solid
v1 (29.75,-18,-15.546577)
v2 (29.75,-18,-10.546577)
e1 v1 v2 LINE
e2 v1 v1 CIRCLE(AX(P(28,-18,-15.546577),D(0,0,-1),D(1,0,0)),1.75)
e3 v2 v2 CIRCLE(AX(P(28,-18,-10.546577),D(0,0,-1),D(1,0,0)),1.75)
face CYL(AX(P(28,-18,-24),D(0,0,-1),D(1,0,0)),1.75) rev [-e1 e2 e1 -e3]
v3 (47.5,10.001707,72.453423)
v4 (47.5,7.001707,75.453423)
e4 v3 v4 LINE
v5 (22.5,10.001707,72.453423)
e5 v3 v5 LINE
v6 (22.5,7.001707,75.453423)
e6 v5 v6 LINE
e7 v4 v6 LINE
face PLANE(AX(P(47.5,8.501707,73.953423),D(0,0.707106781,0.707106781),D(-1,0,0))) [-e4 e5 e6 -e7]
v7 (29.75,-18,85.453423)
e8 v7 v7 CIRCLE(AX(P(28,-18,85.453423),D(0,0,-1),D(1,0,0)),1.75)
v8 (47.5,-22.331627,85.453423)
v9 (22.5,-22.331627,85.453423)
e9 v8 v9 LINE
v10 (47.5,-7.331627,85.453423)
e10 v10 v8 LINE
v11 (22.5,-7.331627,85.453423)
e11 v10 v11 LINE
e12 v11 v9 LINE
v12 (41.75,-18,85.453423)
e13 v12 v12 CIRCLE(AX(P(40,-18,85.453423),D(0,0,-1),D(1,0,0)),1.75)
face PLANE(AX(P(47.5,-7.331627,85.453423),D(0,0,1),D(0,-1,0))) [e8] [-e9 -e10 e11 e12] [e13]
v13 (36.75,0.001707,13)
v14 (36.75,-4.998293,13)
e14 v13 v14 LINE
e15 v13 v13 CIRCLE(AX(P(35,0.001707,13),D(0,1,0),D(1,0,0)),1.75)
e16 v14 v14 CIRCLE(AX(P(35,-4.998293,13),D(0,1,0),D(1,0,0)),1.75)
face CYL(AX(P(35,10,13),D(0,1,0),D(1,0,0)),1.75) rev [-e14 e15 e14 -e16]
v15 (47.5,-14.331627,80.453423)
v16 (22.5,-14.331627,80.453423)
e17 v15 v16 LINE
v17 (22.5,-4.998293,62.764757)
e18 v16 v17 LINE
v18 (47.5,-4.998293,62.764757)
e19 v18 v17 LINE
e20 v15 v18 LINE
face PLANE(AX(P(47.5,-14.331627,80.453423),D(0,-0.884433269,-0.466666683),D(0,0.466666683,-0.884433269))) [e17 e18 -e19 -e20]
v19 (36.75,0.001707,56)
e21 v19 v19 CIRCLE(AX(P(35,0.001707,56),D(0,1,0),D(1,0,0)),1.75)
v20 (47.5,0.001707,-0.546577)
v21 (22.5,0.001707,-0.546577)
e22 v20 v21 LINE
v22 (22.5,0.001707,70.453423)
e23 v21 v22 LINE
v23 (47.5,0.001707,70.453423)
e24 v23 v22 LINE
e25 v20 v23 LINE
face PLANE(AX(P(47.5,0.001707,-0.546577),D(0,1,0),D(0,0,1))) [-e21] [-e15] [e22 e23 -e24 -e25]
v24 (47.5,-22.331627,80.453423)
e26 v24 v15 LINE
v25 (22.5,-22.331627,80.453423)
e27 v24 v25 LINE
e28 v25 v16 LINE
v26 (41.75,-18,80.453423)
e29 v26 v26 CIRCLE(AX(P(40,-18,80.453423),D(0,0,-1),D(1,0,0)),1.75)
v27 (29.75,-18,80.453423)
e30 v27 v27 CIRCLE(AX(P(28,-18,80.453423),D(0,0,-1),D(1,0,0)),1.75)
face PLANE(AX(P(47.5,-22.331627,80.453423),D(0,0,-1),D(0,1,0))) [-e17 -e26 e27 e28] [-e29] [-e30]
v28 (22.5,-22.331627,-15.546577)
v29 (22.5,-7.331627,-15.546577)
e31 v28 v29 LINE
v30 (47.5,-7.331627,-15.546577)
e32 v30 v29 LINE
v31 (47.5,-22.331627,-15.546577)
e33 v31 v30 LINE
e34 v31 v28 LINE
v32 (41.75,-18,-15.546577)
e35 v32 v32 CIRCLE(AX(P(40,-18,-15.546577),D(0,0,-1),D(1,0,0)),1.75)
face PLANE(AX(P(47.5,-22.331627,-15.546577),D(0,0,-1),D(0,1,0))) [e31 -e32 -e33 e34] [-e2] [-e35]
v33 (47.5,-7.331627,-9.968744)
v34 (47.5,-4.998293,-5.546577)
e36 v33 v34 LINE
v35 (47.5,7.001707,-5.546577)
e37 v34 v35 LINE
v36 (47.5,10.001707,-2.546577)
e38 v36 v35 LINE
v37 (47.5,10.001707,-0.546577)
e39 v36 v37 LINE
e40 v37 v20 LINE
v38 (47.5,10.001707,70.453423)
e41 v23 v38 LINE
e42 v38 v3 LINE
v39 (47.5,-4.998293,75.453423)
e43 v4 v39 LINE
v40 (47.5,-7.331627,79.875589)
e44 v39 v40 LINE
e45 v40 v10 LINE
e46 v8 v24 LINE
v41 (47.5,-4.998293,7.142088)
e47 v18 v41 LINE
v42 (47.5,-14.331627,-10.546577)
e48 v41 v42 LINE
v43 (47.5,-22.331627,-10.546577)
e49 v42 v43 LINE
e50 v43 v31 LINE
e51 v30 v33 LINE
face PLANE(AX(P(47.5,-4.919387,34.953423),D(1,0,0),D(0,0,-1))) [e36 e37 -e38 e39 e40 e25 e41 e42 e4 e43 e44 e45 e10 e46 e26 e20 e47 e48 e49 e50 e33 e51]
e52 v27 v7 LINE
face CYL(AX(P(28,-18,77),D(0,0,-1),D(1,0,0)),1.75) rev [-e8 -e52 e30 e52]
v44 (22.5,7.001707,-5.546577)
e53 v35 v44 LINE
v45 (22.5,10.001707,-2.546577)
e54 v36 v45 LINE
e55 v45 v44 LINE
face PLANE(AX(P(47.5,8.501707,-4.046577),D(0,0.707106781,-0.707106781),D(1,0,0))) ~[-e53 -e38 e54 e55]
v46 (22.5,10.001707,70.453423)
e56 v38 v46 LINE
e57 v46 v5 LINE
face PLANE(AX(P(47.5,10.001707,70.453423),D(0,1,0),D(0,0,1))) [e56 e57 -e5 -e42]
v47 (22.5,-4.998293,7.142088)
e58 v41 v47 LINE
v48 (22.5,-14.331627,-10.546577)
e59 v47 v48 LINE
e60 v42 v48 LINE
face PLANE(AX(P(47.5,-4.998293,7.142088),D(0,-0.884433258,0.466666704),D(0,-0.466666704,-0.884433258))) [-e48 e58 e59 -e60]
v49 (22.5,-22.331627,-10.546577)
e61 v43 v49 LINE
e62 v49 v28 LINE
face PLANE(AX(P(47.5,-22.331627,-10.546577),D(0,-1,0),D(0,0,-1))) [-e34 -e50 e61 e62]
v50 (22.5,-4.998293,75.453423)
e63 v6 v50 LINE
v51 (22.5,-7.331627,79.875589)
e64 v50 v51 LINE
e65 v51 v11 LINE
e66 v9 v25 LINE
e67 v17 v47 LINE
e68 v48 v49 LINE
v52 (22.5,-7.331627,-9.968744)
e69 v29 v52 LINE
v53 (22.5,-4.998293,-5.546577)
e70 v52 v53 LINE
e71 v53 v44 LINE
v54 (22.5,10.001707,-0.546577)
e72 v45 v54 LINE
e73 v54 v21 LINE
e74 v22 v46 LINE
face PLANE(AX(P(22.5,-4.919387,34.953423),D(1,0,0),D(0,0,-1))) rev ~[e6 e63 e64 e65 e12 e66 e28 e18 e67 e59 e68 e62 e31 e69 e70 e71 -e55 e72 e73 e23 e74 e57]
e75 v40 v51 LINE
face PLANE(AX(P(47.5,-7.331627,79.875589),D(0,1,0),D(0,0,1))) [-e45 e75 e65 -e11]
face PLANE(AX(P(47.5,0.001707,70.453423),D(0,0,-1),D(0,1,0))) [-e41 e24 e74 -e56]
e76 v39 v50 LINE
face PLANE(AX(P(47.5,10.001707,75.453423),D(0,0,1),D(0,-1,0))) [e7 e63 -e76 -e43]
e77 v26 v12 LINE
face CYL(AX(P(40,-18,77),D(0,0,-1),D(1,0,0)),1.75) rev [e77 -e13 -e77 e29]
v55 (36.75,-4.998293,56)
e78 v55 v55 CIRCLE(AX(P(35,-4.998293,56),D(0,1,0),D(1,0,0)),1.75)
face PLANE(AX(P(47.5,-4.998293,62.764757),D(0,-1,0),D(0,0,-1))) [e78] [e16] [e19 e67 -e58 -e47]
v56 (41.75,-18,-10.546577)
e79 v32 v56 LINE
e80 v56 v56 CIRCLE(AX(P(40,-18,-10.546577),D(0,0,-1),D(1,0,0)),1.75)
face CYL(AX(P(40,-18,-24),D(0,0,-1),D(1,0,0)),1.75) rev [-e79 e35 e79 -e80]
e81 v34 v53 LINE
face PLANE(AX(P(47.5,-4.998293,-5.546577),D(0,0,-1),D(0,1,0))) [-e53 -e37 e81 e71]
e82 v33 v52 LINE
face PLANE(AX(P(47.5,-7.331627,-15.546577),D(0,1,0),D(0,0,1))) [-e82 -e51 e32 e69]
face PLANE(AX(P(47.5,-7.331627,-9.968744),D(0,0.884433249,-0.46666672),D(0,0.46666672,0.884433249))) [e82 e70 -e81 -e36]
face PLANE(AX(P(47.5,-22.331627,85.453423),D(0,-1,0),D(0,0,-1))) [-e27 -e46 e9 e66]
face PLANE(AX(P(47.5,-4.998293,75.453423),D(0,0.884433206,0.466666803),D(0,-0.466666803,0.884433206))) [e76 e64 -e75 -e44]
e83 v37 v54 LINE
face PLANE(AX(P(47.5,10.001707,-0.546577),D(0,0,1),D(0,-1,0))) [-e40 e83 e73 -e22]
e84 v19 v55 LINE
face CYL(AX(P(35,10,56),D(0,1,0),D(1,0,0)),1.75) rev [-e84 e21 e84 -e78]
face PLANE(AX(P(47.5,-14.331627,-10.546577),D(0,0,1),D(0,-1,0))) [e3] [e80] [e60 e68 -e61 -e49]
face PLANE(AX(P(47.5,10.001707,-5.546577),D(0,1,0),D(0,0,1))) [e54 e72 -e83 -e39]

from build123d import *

# Parameters (mm, degrees)
CYLINDER024_R          = 1.75
CYLINDER024_DEPTH      = 20
CYLINDER023_R          = 1.75
CYLINDER023_DEPTH      = 20
CYLINDER022_R          = 1.75
CYLINDER022_DEPTH      = 20
CYLINDER021_R          = 1.75
CYLINDER021_DEPTH      = 20
CYLINDER018_R          = 1.75
CYLINDER018_DEPTH      = 20
CYLINDER018_ROLL_ANGLE = 90
CYLINDER017_R          = 1.75
CYLINDER017_DEPTH      = 20
CYLINDER017_ROLL_ANGLE = 90
PAD006_DEPTH           = 25
CHAMFER006_SIZE        = 3


with BuildPart() as cylinder059:
    # Cylinder024 → Cylinder024 (new body)
    with BuildSketch(Plane(origin=(40, -18, -24), x_dir=(1, 0, 0), z_dir=(0, 0, 1))):
        Circle(CYLINDER024_R)
    extrude(amount=CYLINDER024_DEPTH)


with BuildPart() as cylinder058:
    # Cylinder023 → Cylinder023 (new body)
    with BuildSketch(Plane(origin=(28, -18, -24), x_dir=(1, 0, 0), z_dir=(0, 0, 1))):
        Circle(CYLINDER023_R)
    extrude(amount=CYLINDER023_DEPTH)


with BuildPart() as cylinder057:
    # Cylinder022 → Cylinder022 (new body)
    with BuildSketch(Plane(origin=(40, -18, 77), x_dir=(1, 0, 0), z_dir=(0, 0, 1))):
        Circle(CYLINDER022_R)
    extrude(amount=CYLINDER022_DEPTH)


with BuildPart() as cylinder056:
    # Cylinder021 → Cylinder021 (new body)
    with BuildSketch(Plane(origin=(28, -18, 77), x_dir=(1, 0, 0), z_dir=(0, 0, 1))):
        Circle(CYLINDER021_R)
    extrude(amount=CYLINDER021_DEPTH)


with BuildPart() as cylinder053:
    # Cylinder018 → Cylinder018 (new body)
    with BuildSketch(Plane.XY):
        Circle(CYLINDER018_R)
    extrude(amount=CYLINDER018_DEPTH)


with BuildPart() as cylinder053_1:
    # Cylinder018 roll: moved
    add(cylinder053.part.rotate(Axis((0, 0, 0), (1, 0, 0)), CYLINDER018_ROLL_ANGLE))


with BuildPart() as cylinder053_2:
    # Cylinder018 placement: moved
    add(cylinder053_1.part.moved(Location((35, 10, 13))))


with BuildPart() as cylinder052:
    # Cylinder017 → Cylinder017 (new body)
    with BuildSketch(Plane.XY):
        Circle(CYLINDER017_R)
    extrude(amount=CYLINDER017_DEPTH)


with BuildPart() as cylinder052_1:
    # Cylinder017 roll: moved
    add(cylinder052.part.rotate(Axis((0, 0, 0), (1, 0, 0)), CYLINDER017_ROLL_ANGLE))


with BuildPart() as cylinder052_2:
    # Cylinder017 placement: moved
    add(cylinder052_1.part.moved(Location((35, 10, 56))))


with BuildPart() as puente:
    # Sketch012 → Pad006 (new body)
    with BuildSketch(Plane(origin=(47.5, 0, -0.5), x_dir=(0, 0, 1), z_dir=(-1, 0, 0))):
        Polygon((-0.046577, 10.001707), (-0.046577, 0.001707), (70.953423, 0.001707), (70.953423, 10.001707), (75.953423, 10.001707), (75.953423, -4.998293), (80.375589, -7.331627), (85.953423, -7.331627), (85.953423, -22.331627), (80.953423, -22.331627), (80.953423, -14.331627), (63.264757, -4.998293), (7.642088, -4.998293), (-10.046577, -14.331627), (-10.046577, -22.331627), (-15.046577, -22.331627), (-15.046577, -7.331627), (-9.468744, -7.331627), (-5.046577, -4.998293), (-5.046577, 10.001707), align=None)
    extrude(amount=PAD006_DEPTH)

    # Cut037: cut Cylinder052
    add(cylinder052_2.part, mode=Mode.SUBTRACT)

    # Cut038: cut Cylinder053
    add(cylinder053_2.part, mode=Mode.SUBTRACT)

    # Cut045: cut Cylinder056
    add(cylinder056.part, mode=Mode.SUBTRACT)

    # Cut046: cut Cylinder057
    add(cylinder057.part, mode=Mode.SUBTRACT)

    # Cut047: cut Cylinder058
    add(cylinder058.part, mode=Mode.SUBTRACT)

    # Cut048: cut Cylinder059
    add(cylinder059.part, mode=Mode.SUBTRACT)

    # Chamfer006
    chamfer006_edges = [puente.edges().sort_by_distance(p)[0] for p in [
        (35, 10.001707, 75.453423),
        (35, 10.001707, -5.546577),
    ]]
    chamfer(chamfer006_edges, length=CHAMFER006_SIZE)


solid = puente.part
